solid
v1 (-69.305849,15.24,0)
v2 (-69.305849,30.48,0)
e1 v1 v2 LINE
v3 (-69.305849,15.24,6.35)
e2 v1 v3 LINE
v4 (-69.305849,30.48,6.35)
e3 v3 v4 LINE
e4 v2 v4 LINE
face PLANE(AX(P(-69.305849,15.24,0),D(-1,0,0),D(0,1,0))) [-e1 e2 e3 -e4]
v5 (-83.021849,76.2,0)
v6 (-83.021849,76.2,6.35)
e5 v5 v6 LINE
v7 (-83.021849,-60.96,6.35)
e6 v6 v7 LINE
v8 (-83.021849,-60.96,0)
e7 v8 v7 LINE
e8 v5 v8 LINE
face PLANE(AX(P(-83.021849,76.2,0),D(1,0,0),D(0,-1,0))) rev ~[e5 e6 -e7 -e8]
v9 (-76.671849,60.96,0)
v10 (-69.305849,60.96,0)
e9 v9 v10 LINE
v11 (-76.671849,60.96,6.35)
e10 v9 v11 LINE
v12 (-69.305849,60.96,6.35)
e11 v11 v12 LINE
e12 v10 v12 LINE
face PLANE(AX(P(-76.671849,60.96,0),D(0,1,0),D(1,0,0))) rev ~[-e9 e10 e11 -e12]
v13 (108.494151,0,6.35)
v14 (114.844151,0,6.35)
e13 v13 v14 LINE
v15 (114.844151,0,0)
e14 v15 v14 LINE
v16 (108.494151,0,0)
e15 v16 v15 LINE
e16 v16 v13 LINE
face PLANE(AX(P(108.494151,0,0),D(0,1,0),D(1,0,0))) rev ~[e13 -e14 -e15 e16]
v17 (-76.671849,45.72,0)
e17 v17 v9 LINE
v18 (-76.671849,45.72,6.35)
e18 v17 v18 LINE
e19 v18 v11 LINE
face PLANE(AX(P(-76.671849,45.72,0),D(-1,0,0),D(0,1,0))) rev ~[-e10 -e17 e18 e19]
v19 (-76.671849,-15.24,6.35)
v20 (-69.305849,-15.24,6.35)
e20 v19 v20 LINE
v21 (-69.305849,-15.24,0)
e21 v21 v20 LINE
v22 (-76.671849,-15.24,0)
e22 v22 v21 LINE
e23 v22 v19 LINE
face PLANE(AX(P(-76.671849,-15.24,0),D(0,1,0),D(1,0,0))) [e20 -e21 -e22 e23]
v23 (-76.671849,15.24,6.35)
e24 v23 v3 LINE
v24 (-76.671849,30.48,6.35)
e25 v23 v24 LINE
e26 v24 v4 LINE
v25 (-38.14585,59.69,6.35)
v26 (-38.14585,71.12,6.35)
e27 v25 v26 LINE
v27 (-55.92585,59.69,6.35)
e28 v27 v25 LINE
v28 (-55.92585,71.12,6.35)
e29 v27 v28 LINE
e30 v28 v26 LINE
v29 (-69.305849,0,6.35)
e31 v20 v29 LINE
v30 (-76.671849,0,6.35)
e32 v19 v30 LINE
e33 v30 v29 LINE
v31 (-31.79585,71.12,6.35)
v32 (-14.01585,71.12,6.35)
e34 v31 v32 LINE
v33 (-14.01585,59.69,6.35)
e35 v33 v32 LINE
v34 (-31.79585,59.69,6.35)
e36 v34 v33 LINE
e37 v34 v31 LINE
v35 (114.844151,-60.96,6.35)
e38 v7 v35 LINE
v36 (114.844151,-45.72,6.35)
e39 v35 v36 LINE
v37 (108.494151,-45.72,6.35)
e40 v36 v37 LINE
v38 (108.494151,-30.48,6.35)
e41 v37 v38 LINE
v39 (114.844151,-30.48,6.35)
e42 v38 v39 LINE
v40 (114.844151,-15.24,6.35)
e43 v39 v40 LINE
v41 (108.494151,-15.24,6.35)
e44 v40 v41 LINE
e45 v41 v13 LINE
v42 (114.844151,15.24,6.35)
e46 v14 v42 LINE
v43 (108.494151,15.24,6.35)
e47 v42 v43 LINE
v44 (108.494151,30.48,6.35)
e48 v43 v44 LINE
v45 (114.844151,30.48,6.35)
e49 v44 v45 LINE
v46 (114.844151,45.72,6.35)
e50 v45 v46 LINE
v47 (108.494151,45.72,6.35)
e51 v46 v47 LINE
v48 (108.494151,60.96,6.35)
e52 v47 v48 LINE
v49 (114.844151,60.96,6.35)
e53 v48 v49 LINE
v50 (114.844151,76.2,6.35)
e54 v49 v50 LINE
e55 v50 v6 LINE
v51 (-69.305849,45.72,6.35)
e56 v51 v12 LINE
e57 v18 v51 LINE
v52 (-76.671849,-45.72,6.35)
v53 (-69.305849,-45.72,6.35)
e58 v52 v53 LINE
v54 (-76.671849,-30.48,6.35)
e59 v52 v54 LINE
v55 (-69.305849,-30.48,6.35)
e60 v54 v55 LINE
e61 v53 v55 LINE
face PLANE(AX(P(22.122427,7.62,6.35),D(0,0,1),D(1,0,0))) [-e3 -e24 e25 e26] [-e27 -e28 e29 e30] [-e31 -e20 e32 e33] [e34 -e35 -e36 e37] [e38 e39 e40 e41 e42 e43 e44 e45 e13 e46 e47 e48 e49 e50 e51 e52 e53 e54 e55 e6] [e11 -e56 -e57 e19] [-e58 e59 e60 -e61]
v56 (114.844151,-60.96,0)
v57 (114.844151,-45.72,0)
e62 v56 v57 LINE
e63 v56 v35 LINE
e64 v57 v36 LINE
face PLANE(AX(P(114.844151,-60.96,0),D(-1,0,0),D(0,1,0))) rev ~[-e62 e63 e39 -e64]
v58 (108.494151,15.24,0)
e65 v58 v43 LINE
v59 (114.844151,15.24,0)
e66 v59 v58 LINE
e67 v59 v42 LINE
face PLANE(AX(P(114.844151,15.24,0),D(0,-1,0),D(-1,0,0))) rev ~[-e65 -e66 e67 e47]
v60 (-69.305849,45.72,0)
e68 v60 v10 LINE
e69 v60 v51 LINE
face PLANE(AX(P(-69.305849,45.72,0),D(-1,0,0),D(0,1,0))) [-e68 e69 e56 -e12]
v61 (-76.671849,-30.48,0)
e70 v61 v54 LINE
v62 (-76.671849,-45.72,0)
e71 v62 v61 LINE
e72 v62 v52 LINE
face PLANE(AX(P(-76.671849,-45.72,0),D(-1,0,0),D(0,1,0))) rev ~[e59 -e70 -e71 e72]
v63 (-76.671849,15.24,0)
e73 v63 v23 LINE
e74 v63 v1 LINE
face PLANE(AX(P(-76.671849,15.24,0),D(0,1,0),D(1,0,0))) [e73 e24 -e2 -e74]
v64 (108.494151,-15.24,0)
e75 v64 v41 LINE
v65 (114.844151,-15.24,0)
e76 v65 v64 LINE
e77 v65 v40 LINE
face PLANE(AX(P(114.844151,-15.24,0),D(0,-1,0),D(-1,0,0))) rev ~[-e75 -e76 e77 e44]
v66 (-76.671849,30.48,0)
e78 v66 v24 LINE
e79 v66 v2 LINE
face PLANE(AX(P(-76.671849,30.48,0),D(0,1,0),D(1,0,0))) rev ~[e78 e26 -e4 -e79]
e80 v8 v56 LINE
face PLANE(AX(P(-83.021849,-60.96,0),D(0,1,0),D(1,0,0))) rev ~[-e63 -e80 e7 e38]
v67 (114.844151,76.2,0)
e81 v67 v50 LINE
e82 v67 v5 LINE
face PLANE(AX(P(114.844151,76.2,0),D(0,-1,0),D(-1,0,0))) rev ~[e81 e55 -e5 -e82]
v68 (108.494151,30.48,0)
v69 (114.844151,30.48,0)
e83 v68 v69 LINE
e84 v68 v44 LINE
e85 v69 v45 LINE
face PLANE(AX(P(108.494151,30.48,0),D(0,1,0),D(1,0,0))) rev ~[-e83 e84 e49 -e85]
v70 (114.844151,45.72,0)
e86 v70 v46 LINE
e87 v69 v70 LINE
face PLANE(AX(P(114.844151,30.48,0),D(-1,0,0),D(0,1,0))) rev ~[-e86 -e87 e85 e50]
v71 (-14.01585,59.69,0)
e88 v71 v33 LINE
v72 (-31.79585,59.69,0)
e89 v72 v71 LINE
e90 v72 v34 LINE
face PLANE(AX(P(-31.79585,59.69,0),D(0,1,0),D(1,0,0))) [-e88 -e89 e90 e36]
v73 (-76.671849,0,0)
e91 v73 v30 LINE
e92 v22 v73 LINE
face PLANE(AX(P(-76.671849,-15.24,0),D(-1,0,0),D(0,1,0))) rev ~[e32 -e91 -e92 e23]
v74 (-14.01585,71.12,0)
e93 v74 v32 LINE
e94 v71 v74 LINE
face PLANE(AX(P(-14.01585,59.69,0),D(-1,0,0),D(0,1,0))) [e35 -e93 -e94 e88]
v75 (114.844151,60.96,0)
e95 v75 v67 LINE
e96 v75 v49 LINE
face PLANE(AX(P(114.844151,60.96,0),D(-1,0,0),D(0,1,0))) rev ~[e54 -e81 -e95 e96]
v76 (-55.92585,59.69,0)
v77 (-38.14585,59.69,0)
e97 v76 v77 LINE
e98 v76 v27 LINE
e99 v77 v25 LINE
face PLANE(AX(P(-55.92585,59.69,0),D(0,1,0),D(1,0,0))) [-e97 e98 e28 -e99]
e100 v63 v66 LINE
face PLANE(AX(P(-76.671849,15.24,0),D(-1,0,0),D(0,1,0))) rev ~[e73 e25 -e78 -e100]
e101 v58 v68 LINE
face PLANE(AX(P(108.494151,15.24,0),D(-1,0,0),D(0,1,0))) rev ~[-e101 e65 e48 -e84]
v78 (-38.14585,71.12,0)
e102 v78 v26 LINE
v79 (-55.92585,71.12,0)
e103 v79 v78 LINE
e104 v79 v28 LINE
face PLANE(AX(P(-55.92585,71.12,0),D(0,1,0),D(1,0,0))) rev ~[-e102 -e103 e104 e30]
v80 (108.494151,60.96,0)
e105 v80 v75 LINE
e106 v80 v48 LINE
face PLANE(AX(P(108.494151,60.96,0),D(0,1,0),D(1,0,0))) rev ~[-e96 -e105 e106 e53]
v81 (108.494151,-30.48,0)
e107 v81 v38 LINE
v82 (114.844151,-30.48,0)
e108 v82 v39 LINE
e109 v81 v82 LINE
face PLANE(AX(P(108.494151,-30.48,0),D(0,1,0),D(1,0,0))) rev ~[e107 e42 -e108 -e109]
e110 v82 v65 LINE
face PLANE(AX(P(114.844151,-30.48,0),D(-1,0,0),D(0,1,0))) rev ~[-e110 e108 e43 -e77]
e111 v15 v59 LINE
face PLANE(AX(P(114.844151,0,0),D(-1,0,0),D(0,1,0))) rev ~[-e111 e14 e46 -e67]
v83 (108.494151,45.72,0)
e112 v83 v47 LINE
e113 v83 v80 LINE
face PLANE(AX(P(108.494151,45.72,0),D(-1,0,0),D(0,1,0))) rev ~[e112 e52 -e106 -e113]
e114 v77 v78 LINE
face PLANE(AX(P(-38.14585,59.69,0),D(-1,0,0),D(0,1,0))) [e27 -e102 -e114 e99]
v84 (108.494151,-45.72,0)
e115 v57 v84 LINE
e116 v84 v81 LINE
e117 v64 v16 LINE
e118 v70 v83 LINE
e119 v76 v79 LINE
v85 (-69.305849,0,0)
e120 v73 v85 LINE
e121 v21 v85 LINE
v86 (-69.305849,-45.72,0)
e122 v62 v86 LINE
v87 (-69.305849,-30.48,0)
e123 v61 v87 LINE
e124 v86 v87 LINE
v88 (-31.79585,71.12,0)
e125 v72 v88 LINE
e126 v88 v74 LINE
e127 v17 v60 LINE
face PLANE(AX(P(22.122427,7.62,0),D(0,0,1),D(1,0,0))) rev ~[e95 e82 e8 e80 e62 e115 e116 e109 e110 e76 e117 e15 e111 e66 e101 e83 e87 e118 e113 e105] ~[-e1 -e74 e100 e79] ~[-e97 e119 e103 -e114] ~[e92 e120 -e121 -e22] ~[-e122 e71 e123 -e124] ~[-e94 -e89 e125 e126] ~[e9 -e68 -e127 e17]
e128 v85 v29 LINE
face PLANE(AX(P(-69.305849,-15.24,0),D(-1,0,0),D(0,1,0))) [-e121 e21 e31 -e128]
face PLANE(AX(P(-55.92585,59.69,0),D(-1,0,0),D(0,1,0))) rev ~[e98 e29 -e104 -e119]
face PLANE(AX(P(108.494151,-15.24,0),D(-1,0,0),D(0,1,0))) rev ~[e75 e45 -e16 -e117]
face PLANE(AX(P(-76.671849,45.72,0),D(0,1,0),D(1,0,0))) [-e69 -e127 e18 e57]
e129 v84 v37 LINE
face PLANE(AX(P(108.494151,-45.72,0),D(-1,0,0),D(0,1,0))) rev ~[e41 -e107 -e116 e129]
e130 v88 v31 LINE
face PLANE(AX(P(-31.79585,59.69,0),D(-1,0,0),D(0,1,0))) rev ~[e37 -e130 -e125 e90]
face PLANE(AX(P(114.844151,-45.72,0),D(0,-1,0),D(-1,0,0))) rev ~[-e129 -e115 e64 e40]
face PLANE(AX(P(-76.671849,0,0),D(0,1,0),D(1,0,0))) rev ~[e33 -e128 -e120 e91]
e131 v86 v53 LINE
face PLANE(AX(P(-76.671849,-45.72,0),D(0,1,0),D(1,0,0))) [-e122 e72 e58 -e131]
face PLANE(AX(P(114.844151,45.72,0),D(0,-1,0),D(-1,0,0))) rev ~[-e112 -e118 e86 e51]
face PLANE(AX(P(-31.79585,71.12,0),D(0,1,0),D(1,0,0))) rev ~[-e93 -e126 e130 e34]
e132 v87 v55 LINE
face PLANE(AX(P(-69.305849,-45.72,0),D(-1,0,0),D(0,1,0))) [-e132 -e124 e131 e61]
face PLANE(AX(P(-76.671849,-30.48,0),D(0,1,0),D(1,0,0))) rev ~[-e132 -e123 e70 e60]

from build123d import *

# Parameters (mm, degrees)
F0_W     = 7.366
F0_H     = 15.24
F0_W_2   = 17.78
F0_H_2   = 11.43
F1_DEPTH = 6.35


with BuildPart() as f1:
    # F0 (on Top) → F1 (new body)
    with BuildSketch(Plane.XY):
        Polygon((108.494151, 76.2), (-69.305849, 76.2), (-76.671849, 76.2), (-83.021849, 76.2), (-83.021849, -60.96), (-76.671849, -60.96), (-69.305849, -60.96), (108.459485, -60.96), (114.844151, -60.96), (114.844151, -45.72), (108.494151, -45.72), (108.494151, -30.48), (114.844151, -30.48), (114.844151, -15.24), (108.494151, -15.24), (108.494151, 0), (114.844151, 0), (114.844151, 15.24), (108.494151, 15.24), (108.494151, 30.48), (114.844151, 30.48), (114.844151, 45.72), (108.494151, 45.72), (108.494151, 60.96), (114.844151, 60.96), (114.844151, 76.2), align=None)
        with Locations((-72.988849, -38.1)):
            Rectangle(F0_W, F0_H, mode=Mode.SUBTRACT)
        with Locations((-72.988849, -7.62)):
            Rectangle(F0_W, F0_H, mode=Mode.SUBTRACT)
        with Locations((-72.988849, 22.86)):
            Rectangle(F0_W, F0_H, mode=Mode.SUBTRACT)
        with Locations((-72.988849, 53.34)):
            Rectangle(F0_W, F0_H, mode=Mode.SUBTRACT)
        with Locations((-47.03585, 65.405)):
            Rectangle(F0_W_2, F0_H_2, mode=Mode.SUBTRACT)
        with Locations((-22.90585, 65.405)):
            Rectangle(F0_W_2, F0_H_2, mode=Mode.SUBTRACT)
    extrude(amount=F1_DEPTH)


solid = f1.part
